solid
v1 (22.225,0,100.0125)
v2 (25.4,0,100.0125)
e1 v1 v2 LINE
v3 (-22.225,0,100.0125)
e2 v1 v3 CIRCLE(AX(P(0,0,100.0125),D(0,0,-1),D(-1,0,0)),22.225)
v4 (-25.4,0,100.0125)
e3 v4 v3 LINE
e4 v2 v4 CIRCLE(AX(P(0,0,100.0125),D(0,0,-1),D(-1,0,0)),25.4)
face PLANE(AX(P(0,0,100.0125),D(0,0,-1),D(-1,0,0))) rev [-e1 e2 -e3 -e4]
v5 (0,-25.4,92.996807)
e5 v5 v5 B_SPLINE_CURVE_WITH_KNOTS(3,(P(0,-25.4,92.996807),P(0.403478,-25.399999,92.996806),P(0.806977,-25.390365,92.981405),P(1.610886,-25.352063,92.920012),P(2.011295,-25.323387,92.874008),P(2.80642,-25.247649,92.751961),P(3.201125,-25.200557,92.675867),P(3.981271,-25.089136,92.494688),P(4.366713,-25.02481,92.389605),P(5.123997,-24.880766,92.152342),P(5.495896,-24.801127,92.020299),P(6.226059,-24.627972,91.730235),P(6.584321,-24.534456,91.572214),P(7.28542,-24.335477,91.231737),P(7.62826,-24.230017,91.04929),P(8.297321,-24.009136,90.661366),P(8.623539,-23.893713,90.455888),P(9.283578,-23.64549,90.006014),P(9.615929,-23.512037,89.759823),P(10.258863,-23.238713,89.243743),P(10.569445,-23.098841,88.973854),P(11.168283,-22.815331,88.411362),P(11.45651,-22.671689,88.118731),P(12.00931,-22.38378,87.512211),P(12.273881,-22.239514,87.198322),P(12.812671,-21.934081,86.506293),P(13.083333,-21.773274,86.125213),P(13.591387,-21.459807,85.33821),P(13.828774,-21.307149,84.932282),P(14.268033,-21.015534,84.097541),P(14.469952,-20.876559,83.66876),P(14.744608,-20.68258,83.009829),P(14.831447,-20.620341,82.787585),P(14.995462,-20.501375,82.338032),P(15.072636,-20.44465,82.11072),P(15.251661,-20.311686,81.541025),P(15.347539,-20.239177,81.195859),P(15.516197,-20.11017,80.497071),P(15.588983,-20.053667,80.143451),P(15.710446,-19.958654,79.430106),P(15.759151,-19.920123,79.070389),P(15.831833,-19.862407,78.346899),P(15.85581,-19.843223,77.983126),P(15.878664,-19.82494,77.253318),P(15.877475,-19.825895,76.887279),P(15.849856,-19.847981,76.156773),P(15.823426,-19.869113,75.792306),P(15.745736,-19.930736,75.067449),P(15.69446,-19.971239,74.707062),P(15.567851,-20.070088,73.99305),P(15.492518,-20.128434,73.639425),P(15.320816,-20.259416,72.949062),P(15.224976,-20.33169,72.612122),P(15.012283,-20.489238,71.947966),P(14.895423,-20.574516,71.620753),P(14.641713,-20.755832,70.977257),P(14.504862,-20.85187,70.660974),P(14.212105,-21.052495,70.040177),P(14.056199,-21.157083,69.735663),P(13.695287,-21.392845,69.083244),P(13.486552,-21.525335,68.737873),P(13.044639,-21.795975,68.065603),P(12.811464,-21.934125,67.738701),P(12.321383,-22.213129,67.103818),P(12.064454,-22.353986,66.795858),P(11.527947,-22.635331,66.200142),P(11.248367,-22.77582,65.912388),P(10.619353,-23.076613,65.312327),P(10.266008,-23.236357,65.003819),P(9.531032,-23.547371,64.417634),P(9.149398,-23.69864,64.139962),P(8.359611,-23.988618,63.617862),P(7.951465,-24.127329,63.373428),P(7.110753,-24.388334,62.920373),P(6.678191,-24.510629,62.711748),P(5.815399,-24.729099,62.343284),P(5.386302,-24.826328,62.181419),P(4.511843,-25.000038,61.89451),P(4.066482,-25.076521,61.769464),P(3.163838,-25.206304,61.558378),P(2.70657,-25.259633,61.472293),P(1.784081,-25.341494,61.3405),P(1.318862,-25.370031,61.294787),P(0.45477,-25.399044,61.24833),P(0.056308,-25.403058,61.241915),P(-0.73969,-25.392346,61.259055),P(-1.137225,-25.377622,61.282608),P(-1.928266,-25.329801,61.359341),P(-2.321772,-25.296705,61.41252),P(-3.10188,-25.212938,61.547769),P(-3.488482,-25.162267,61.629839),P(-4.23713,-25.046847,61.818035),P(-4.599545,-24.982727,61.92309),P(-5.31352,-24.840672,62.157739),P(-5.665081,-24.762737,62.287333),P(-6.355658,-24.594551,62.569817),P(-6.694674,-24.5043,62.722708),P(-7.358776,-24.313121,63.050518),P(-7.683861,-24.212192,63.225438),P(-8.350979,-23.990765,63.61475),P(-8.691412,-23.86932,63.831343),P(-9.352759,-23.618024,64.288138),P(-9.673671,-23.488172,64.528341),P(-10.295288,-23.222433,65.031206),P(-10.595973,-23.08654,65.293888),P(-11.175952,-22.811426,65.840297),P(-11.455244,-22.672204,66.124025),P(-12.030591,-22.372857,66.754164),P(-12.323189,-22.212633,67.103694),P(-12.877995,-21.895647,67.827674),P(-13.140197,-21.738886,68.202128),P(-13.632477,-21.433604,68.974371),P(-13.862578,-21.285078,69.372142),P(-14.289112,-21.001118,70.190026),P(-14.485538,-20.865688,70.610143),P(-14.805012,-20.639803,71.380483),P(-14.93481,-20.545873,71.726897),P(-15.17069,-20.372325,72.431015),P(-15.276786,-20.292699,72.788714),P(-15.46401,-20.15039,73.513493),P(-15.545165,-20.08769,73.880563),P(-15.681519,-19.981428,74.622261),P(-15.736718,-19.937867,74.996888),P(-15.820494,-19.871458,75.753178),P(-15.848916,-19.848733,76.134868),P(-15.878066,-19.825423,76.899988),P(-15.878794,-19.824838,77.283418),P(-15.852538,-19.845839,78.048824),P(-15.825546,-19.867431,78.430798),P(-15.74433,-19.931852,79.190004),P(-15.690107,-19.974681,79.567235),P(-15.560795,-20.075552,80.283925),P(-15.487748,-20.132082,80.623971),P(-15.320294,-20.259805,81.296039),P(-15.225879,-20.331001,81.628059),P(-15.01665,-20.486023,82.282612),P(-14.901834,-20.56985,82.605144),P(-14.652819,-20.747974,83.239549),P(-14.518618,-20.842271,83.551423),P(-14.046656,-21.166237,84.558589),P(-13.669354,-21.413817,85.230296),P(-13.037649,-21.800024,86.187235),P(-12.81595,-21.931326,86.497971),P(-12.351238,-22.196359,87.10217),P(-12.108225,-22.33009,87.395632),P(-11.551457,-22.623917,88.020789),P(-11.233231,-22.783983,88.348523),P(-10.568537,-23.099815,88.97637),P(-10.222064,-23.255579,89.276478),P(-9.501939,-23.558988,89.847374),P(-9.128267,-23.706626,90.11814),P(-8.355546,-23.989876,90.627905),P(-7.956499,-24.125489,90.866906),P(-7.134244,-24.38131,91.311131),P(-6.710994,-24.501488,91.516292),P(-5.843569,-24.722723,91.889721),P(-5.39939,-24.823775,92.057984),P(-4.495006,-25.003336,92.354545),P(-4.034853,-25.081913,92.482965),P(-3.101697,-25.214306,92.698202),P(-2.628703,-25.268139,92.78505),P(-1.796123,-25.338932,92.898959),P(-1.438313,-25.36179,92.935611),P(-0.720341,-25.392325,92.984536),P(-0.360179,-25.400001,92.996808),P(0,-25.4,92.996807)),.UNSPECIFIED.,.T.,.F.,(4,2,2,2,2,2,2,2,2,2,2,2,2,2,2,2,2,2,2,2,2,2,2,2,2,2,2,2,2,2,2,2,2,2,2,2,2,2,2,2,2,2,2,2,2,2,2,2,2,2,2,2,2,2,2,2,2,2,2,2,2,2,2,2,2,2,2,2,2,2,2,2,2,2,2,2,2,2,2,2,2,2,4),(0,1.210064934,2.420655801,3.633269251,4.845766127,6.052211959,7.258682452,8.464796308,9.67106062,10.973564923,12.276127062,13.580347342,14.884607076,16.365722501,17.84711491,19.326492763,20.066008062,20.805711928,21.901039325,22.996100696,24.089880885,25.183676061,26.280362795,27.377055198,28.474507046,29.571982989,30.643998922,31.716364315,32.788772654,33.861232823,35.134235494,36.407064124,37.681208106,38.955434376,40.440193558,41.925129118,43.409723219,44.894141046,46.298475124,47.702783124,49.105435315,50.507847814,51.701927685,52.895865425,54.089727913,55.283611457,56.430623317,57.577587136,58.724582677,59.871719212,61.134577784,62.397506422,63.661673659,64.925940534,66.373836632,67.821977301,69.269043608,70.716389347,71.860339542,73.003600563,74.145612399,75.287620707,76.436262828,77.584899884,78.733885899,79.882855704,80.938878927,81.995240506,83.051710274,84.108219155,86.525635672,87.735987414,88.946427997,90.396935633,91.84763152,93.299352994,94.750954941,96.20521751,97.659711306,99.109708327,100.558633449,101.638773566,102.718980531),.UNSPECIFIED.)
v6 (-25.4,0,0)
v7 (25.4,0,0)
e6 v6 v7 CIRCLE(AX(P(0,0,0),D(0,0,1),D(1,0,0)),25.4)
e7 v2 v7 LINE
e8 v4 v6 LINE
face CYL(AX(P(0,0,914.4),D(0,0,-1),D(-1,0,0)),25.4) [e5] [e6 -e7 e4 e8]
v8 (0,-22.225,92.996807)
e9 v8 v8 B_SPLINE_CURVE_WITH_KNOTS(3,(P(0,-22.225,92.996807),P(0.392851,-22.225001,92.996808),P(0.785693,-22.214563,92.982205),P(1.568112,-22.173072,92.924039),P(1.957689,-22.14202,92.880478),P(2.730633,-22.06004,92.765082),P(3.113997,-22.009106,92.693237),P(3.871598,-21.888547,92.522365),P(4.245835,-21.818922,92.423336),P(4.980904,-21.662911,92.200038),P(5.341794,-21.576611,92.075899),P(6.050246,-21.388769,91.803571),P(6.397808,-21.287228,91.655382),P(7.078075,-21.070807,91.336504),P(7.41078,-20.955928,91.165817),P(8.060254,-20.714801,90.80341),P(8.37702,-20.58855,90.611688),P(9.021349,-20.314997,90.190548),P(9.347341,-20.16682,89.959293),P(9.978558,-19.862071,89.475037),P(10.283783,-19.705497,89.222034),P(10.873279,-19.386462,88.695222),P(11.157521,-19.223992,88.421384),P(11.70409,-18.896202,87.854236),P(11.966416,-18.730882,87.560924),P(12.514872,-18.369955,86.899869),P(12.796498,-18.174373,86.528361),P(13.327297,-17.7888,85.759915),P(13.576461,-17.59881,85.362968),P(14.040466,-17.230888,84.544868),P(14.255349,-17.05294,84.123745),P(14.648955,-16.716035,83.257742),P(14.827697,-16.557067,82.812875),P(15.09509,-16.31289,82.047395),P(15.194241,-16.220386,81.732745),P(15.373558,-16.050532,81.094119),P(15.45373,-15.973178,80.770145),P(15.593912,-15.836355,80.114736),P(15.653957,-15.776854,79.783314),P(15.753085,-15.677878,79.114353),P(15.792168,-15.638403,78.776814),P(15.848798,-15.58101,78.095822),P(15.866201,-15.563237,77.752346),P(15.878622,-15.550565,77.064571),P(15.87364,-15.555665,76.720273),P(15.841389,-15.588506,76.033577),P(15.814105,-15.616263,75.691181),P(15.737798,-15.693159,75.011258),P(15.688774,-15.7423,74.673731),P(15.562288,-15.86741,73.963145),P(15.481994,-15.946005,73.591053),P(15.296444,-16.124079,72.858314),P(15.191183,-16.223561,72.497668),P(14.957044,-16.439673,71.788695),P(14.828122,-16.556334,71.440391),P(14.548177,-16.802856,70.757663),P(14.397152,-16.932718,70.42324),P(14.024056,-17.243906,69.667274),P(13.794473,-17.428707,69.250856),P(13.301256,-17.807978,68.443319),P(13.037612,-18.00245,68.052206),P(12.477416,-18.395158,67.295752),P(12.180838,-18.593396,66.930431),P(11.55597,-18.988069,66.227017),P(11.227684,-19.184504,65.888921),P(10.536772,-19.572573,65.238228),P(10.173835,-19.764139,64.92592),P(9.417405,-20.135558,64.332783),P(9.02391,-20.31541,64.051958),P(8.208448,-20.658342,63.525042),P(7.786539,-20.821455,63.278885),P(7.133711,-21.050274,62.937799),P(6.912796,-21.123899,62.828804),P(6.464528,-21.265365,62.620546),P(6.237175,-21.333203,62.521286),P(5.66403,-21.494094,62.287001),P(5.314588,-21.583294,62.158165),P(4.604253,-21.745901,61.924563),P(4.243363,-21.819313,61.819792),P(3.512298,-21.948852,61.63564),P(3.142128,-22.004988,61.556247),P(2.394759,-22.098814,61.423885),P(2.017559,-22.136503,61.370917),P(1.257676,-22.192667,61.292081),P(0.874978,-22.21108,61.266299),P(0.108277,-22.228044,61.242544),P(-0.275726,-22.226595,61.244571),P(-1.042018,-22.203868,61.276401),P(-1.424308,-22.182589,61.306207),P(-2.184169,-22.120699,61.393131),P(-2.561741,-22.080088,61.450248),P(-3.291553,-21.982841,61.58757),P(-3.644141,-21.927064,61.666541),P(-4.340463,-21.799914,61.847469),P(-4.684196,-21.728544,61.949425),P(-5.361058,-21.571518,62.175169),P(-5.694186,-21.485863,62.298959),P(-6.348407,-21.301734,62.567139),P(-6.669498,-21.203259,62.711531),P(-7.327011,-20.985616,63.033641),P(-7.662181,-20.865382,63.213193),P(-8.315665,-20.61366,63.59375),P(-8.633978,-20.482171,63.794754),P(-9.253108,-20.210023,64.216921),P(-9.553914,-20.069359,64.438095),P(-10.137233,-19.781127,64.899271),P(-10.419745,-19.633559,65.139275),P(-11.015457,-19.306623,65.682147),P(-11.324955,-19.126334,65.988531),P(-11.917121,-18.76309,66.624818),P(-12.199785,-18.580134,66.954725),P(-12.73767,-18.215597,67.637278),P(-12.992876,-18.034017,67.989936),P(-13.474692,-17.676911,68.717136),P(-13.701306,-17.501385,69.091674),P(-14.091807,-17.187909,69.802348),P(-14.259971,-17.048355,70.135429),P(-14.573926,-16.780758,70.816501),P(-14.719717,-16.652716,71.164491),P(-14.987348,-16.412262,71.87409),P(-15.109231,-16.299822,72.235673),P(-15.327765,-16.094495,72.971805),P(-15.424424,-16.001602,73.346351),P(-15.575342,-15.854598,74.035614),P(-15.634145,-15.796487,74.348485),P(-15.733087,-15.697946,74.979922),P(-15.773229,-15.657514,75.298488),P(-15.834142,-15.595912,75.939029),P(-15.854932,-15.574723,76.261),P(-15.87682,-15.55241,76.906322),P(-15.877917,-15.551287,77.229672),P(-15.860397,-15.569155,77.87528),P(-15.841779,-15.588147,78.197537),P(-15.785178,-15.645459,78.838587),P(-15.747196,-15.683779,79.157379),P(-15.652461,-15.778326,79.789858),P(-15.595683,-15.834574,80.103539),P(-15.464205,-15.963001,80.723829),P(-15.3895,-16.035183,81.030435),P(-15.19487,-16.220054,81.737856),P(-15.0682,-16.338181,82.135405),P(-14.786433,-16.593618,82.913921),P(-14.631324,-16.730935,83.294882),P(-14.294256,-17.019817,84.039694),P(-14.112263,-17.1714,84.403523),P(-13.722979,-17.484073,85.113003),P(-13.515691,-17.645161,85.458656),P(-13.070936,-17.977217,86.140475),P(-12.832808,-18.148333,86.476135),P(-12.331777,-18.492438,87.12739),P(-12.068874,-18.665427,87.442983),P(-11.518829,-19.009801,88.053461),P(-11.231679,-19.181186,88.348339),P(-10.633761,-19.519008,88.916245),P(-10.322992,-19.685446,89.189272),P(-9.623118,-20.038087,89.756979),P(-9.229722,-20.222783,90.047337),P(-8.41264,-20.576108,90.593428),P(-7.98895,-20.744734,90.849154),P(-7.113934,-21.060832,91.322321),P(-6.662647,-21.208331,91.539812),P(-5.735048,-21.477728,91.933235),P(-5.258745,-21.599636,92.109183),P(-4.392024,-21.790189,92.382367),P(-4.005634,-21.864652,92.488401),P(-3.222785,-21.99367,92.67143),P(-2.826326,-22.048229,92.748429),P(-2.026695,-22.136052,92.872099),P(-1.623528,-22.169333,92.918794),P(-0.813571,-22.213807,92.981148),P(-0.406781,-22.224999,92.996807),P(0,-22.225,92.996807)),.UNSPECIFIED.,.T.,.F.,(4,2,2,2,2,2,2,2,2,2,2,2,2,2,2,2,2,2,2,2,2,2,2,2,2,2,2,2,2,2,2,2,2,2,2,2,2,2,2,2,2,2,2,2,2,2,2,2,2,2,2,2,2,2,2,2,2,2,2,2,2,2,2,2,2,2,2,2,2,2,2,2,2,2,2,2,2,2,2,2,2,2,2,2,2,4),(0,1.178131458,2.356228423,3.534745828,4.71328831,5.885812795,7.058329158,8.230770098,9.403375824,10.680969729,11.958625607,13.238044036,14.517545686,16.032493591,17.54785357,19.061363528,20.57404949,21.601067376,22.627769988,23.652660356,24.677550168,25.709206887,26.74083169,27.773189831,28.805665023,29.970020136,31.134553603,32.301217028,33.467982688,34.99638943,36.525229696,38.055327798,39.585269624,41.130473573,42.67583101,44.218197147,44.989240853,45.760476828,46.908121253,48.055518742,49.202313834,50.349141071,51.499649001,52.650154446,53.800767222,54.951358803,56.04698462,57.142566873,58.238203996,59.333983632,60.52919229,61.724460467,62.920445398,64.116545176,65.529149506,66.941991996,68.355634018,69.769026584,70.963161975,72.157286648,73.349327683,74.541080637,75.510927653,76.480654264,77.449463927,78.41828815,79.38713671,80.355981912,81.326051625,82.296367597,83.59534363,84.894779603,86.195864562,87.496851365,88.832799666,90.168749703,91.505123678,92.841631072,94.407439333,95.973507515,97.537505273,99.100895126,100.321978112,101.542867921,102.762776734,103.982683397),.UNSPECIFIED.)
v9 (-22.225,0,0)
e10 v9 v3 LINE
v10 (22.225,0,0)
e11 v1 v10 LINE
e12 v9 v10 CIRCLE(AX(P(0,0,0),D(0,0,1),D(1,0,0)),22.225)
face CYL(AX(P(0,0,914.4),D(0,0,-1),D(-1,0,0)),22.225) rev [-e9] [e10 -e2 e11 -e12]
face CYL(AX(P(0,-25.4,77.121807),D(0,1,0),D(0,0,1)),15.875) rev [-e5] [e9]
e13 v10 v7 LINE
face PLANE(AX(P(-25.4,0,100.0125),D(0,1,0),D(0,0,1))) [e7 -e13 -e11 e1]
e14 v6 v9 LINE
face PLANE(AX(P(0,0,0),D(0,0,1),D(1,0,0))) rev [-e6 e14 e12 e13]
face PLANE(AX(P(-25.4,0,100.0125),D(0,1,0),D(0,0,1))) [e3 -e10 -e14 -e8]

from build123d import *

# Parameters (mm, degrees)
SKETCH1_R           = 25.4
SKETCH1_R_2         = 22.225
BOSS_EXTRUDE1_DEPTH = 914.4
CUT_EXTRUDE1_START  = -100.0125
SKETCH2_R           = 25.4
CUT_EXTRUDE1_DEPTH  = 816.09278356
CUT_EXTRUDE3_DEPTH  = 107.267681617
SKETCH6_R           = 15.875
CUT_EXTRUDE5_DEPTH  = 107.267681617


with BuildPart() as part:
    # Sketch1 → Boss-Extrude1 (new body)
    with BuildSketch(Plane.XY):
        Circle(SKETCH1_R)
        Circle(SKETCH1_R_2, mode=Mode.SUBTRACT)
    extrude(amount=BOSS_EXTRUDE1_DEPTH)

    # Sketch2 → Cut-Extrude1 (cut, through all)
    with BuildSketch(Plane(origin=(0, 0, 0), x_dir=(-1, 0, 0), z_dir=(0, 0, -1)).offset(CUT_EXTRUDE1_START)):
        Circle(SKETCH2_R)
    extrude(amount=-CUT_EXTRUDE1_DEPTH, mode=Mode.SUBTRACT)

    # Sketch4 → Cut-Extrude3 (cut, through all)
    with BuildSketch(Plane.XY):
        with BuildLine():
            Line((-25.4, 0), (25.4, 0))
            ThreePointArc((25.4, 0), (0, 25.4), (-25.4, 0))
        make_face()
    extrude(amount=CUT_EXTRUDE3_DEPTH, mode=Mode.SUBTRACT)

    # Sketch6 → Cut-Extrude5 (cut, through all)
    with BuildSketch(Plane(origin=(0, 0, 0), x_dir=(1, 0, 0), z_dir=(0, 1, 0))):
        with Locations(Location((0, -77.121807345, 0), (0, 0, 270))):
            Circle(SKETCH6_R)
    extrude(amount=-CUT_EXTRUDE5_DEPTH, mode=Mode.SUBTRACT)


solid = part.part
